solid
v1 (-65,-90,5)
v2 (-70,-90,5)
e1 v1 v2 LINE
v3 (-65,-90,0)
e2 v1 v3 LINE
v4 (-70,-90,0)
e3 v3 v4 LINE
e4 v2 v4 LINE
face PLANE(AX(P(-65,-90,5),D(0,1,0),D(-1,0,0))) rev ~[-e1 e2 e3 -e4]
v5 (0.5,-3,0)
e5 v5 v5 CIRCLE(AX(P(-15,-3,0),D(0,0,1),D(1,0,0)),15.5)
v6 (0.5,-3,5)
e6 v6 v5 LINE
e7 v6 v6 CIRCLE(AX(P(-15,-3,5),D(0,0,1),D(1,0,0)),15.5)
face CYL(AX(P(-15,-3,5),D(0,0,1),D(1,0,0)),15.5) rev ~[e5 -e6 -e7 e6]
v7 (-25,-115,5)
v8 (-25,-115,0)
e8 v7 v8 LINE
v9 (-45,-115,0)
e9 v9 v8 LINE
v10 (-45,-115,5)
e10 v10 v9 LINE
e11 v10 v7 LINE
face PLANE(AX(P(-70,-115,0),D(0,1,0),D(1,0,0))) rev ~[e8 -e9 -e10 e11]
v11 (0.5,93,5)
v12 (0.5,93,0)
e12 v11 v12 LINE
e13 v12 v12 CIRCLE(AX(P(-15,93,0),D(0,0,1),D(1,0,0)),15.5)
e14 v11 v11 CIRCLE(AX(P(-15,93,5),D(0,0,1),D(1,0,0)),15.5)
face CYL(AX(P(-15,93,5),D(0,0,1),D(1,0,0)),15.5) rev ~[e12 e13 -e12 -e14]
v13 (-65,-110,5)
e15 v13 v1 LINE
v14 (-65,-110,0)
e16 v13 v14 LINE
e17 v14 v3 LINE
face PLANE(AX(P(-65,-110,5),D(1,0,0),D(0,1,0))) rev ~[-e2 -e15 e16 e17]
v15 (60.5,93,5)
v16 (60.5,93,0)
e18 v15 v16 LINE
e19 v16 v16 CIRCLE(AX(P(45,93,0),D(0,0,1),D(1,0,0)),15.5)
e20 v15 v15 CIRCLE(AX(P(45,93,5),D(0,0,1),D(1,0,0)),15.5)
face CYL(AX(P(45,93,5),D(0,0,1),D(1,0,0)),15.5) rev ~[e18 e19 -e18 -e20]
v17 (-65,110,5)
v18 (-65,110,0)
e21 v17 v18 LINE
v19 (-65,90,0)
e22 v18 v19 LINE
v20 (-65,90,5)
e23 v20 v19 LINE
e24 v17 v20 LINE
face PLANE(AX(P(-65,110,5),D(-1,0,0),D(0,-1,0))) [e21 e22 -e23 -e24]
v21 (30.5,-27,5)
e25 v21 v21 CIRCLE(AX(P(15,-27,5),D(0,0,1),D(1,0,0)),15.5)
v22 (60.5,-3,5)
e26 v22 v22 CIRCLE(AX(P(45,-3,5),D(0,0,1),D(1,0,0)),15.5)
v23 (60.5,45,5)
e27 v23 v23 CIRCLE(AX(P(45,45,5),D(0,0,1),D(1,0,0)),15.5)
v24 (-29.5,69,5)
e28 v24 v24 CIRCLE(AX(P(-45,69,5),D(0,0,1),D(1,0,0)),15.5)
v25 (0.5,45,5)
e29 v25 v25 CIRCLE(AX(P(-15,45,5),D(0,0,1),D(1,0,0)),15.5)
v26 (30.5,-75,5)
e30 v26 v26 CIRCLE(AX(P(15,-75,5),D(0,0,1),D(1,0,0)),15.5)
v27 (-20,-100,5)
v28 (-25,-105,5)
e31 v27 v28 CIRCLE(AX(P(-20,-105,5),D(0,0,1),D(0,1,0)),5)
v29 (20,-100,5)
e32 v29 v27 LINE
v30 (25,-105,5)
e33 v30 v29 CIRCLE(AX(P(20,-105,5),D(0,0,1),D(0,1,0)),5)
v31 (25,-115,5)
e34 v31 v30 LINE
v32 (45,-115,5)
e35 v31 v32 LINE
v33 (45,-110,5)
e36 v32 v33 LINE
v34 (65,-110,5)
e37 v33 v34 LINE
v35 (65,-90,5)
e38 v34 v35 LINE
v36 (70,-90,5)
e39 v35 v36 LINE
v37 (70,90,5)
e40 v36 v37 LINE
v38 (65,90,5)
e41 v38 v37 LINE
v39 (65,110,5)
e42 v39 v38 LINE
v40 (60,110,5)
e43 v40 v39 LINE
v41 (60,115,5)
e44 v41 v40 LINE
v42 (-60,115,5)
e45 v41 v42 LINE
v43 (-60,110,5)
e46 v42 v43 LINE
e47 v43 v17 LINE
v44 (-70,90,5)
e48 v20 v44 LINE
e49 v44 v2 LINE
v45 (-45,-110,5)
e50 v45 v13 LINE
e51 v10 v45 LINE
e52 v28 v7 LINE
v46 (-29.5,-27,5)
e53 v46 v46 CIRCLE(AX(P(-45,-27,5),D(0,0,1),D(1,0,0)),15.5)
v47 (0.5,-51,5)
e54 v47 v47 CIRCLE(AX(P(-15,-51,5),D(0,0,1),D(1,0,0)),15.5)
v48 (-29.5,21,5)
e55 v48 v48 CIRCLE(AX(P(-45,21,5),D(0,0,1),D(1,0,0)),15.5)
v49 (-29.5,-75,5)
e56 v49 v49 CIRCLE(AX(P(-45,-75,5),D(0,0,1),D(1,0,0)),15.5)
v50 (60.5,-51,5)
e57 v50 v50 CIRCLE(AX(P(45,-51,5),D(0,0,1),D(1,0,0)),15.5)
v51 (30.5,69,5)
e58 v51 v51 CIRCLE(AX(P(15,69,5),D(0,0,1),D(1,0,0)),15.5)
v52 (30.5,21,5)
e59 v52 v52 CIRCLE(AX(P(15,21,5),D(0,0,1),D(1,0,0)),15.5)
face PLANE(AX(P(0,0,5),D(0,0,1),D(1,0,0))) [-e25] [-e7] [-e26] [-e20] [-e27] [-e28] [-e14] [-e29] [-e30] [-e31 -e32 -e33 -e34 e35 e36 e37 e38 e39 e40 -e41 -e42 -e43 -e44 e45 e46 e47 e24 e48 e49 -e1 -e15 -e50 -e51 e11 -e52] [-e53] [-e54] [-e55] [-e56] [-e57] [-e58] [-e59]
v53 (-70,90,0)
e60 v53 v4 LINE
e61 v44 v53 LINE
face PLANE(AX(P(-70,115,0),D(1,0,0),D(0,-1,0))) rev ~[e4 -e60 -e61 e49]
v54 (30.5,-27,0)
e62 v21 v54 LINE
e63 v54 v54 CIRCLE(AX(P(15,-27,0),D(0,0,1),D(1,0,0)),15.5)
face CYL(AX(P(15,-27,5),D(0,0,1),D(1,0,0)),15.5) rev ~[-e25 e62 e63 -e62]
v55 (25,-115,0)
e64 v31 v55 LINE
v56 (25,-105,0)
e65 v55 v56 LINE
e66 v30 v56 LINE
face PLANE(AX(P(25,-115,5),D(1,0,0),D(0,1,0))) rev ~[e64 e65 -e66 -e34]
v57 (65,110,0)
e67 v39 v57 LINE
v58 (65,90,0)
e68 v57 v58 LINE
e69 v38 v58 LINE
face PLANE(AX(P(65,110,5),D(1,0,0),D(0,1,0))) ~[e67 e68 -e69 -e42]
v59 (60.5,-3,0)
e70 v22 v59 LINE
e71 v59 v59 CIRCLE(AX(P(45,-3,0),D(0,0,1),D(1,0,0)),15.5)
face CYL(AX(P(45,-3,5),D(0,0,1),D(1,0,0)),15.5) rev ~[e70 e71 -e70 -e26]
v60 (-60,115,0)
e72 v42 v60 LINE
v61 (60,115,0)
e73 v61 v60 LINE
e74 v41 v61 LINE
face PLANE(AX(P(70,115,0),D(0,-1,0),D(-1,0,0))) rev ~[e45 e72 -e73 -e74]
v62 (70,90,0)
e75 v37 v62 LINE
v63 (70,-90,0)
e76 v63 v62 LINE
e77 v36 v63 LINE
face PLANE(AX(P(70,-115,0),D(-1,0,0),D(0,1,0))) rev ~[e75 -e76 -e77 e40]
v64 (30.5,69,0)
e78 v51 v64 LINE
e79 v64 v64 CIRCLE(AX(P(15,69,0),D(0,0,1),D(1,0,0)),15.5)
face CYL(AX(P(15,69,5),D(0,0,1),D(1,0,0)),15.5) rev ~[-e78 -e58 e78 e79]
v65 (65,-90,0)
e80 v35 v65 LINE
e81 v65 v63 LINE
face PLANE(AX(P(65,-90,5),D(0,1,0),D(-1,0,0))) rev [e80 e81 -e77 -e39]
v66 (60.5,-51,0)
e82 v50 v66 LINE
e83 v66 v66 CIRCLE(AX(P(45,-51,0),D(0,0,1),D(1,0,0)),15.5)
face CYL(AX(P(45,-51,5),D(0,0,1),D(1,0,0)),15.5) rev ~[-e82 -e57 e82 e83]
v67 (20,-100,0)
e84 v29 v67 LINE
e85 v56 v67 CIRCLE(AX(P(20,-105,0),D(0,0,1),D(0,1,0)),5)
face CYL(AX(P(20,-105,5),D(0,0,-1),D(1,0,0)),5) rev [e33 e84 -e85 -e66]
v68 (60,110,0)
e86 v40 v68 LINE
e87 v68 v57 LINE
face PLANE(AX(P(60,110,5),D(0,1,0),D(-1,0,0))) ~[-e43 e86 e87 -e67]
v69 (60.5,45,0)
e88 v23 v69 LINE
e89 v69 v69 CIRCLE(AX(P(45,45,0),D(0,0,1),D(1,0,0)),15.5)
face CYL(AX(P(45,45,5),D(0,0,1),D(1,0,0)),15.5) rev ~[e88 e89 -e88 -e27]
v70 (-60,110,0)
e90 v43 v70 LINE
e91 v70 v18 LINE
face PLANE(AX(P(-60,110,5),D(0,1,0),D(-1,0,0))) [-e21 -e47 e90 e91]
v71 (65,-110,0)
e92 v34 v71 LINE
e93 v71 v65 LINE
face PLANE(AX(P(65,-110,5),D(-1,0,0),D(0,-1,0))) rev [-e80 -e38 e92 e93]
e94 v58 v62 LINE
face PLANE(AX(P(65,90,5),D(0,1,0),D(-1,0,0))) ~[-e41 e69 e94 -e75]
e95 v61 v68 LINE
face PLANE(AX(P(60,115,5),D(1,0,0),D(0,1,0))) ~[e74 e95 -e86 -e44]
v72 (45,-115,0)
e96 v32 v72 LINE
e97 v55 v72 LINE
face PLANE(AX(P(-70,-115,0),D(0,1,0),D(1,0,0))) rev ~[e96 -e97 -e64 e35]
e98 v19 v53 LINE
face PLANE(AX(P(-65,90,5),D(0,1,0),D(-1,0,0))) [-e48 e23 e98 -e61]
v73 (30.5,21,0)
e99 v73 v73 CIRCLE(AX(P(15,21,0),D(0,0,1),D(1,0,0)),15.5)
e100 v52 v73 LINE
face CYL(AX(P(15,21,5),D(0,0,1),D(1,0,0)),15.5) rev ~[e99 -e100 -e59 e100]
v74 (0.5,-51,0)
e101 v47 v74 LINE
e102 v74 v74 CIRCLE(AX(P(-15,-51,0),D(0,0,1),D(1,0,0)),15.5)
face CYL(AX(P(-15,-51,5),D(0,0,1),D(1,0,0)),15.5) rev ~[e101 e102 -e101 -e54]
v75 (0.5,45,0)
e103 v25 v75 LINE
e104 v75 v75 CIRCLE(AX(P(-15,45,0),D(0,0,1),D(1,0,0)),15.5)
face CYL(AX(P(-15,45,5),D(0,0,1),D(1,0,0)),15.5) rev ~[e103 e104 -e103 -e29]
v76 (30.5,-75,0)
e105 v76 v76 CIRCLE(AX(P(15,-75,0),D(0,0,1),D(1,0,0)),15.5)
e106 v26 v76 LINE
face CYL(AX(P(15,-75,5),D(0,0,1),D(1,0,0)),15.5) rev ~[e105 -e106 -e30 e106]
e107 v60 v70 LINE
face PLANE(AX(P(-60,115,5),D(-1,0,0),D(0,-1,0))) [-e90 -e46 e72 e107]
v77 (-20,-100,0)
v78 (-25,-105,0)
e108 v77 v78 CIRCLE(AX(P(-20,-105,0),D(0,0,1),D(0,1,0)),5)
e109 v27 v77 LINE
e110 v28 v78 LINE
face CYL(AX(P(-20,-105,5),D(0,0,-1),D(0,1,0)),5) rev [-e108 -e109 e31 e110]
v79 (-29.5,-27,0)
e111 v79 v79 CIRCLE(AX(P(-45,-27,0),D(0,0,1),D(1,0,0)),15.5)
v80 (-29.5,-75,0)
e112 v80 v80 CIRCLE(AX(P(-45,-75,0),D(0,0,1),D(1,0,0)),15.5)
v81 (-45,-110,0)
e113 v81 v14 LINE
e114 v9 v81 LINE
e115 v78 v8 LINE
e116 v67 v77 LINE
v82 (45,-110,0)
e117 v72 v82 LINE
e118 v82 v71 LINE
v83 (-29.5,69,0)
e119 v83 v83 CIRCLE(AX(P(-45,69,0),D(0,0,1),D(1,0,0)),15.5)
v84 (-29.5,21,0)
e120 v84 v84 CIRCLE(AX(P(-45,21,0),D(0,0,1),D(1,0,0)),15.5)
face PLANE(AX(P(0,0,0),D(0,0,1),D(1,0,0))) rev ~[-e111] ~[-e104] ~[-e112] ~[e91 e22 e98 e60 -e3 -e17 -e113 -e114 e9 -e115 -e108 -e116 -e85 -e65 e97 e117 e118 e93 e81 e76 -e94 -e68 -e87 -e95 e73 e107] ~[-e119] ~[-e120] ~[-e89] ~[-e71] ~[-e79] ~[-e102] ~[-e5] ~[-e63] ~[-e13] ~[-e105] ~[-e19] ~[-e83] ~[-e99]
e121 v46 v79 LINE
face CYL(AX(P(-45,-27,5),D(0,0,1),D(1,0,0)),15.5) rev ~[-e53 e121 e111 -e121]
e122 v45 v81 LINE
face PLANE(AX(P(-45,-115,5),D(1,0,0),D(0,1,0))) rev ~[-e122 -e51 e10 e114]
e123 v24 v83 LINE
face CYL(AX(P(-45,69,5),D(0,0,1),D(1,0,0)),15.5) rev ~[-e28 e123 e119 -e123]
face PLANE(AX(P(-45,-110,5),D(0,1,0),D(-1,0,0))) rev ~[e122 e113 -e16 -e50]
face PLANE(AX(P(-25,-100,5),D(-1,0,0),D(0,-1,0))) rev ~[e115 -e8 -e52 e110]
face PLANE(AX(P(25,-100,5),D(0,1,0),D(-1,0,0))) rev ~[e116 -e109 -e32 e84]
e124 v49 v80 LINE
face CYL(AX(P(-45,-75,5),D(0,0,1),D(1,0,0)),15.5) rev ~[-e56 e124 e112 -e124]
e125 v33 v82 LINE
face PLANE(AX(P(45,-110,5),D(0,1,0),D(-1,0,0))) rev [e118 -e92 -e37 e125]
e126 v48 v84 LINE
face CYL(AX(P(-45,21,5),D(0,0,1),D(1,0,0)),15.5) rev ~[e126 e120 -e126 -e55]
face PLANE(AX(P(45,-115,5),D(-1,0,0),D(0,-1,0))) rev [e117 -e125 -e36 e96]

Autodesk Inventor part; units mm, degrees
ref_plane "YZ Plane" through (0, 0, 0) normal (1, 0, 0) x (0, 1, 0)
ref_plane "XZ Plane" through (0, 0, 0) normal (0, 1, 0) x (-1, 0, 0)
ref_plane "XY Plane" through (0, 0, 0) normal (0, 0, 1) x (1, 0, 0)
sketch "Sketch1" plane through (0, 0, 0) normal (0, 0, 1) x (1, 0, 0)
  line L0 (-70, -115) -> (70, -115)
  line L1 (70, -115) -> (70, 115)
  line L2 (70, 115) -> (-70, 115)
  line L3 (-70, 115) -> (-70, -115)
  point P0 (0, 0)
  dimension "width" = 140
  dimension "d1" = 70
  dimension "d2" = 230
  dimension "d3" = 115
extrude "Extrusion1" add sketch "Sketch1" along normal blind 5
sketch "Sketch2" plane through (0, 0, 5) normal (0, 0, 1) x (1, 0, 0)
  circle A0 centre (-45, 69) radius 15.5
  circle A1 centre (-15, 93) radius 15.5
  point P0 (0, 0)
  dimension "d6" = 31
  dimension "d7" = 69
  dimension "d8" = 45
  dimension "d17" = 31
  dimension "d18" = 30
  dimension "d19" = 24
extrude "Extrusion2" cut sketch "Sketch2" against normal blind 5
pattern_linear "Rectangular Pattern2" count 2 spacing 60 along (1, 0, 0) count 4 spacing 48 along (0, -1, 0) of "Extrusion2"
sketch "Sketch3" plane through (0, 0, 5) normal (0, 0, 1) x (1, 0, 0)
  line L0 (-70, -115) -> (70, -115) projected
  line L1 (-70, -115) -> (-45, -115)
  line L2 (-45, -115) -> (-45, -110)
  line L3 (-45, -110) -> (-70, -110)
  line L4 (-70, -110) -> (-70, -115)
  line L5 (-70, 115) -> (-70, -115) projected
  line L6 (-70, 115) -> (-60, 115)
  line L7 (-60, 115) -> (-60, 110)
  line L8 (-60, 110) -> (-70, 110)
  line L9 (-70, 110) -> (-70, 115)
  line L10 (-70, -115) -> (-65, -115)
  line L11 (-65, -115) -> (-65, -90)
  line L12 (-65, -90) -> (-70, -90)
  line L13 (-70, -90) -> (-70, -115)
  line L14 (-70, 115) -> (-65, 115)
  line L15 (-65, 115) -> (-65, 90)
  line L16 (-65, 90) -> (-70, 90)
  line L17 (-70, 90) -> (-70, 115)
  point P0 (0, 0)
  dimension "d26" = 5
  dimension "d27" = 25
  dimension "d28" = 5
  dimension "d29" = 10
  dimension "d30" = 5
  dimension "d31" = 25
  dimension "d32" = 5
  dimension "d33" = 25
extrude "Extrusion3" cut sketch "Sketch3" against normal blind 10
mirror "Mirror1" about plane through (0, 0, 0) normal (1, 0, 0) of "Extrusion3"
sketch "Sketch4" plane through (0, 0, 5) normal (0, 0, 1) x (1, 0, 0)
  line L0 (-45, -115) -> (45, -115) projected
  line L1 (-25, -115) -> (25, -115)
  line L2 (25, -115) -> (25, -100)
  line L3 (25, -100) -> (-25, -100)
  line L4 (-25, -100) -> (-25, -115)
  point P0 (0, 0)
  dimension "d36" = 25
  dimension "d37" = 50
  dimension "d38" = 15
extrude "Extrusion4" cut sketch "Sketch4" against normal blind 10
fillet "Fillet1" radius 5 2 edges at (-25, -100, 2.5) (25, -100, 2.5)
equation "\"d1\" = 0.5 * width"
equation "\"d3\" = 0.5 * d2"
equation "\"d17\" = d6"
equation "\"d22\" = 2 * d18"
equation "\"d25\" = 2 * d19"
equation "\"d30\" = d26"
equation "\"d31\" = d27"
equation "\"d32\" = d28"
equation "\"d36\" = 0.5 * d37"
properties part number "EBF_001.1-top-plate_cup-holder"
